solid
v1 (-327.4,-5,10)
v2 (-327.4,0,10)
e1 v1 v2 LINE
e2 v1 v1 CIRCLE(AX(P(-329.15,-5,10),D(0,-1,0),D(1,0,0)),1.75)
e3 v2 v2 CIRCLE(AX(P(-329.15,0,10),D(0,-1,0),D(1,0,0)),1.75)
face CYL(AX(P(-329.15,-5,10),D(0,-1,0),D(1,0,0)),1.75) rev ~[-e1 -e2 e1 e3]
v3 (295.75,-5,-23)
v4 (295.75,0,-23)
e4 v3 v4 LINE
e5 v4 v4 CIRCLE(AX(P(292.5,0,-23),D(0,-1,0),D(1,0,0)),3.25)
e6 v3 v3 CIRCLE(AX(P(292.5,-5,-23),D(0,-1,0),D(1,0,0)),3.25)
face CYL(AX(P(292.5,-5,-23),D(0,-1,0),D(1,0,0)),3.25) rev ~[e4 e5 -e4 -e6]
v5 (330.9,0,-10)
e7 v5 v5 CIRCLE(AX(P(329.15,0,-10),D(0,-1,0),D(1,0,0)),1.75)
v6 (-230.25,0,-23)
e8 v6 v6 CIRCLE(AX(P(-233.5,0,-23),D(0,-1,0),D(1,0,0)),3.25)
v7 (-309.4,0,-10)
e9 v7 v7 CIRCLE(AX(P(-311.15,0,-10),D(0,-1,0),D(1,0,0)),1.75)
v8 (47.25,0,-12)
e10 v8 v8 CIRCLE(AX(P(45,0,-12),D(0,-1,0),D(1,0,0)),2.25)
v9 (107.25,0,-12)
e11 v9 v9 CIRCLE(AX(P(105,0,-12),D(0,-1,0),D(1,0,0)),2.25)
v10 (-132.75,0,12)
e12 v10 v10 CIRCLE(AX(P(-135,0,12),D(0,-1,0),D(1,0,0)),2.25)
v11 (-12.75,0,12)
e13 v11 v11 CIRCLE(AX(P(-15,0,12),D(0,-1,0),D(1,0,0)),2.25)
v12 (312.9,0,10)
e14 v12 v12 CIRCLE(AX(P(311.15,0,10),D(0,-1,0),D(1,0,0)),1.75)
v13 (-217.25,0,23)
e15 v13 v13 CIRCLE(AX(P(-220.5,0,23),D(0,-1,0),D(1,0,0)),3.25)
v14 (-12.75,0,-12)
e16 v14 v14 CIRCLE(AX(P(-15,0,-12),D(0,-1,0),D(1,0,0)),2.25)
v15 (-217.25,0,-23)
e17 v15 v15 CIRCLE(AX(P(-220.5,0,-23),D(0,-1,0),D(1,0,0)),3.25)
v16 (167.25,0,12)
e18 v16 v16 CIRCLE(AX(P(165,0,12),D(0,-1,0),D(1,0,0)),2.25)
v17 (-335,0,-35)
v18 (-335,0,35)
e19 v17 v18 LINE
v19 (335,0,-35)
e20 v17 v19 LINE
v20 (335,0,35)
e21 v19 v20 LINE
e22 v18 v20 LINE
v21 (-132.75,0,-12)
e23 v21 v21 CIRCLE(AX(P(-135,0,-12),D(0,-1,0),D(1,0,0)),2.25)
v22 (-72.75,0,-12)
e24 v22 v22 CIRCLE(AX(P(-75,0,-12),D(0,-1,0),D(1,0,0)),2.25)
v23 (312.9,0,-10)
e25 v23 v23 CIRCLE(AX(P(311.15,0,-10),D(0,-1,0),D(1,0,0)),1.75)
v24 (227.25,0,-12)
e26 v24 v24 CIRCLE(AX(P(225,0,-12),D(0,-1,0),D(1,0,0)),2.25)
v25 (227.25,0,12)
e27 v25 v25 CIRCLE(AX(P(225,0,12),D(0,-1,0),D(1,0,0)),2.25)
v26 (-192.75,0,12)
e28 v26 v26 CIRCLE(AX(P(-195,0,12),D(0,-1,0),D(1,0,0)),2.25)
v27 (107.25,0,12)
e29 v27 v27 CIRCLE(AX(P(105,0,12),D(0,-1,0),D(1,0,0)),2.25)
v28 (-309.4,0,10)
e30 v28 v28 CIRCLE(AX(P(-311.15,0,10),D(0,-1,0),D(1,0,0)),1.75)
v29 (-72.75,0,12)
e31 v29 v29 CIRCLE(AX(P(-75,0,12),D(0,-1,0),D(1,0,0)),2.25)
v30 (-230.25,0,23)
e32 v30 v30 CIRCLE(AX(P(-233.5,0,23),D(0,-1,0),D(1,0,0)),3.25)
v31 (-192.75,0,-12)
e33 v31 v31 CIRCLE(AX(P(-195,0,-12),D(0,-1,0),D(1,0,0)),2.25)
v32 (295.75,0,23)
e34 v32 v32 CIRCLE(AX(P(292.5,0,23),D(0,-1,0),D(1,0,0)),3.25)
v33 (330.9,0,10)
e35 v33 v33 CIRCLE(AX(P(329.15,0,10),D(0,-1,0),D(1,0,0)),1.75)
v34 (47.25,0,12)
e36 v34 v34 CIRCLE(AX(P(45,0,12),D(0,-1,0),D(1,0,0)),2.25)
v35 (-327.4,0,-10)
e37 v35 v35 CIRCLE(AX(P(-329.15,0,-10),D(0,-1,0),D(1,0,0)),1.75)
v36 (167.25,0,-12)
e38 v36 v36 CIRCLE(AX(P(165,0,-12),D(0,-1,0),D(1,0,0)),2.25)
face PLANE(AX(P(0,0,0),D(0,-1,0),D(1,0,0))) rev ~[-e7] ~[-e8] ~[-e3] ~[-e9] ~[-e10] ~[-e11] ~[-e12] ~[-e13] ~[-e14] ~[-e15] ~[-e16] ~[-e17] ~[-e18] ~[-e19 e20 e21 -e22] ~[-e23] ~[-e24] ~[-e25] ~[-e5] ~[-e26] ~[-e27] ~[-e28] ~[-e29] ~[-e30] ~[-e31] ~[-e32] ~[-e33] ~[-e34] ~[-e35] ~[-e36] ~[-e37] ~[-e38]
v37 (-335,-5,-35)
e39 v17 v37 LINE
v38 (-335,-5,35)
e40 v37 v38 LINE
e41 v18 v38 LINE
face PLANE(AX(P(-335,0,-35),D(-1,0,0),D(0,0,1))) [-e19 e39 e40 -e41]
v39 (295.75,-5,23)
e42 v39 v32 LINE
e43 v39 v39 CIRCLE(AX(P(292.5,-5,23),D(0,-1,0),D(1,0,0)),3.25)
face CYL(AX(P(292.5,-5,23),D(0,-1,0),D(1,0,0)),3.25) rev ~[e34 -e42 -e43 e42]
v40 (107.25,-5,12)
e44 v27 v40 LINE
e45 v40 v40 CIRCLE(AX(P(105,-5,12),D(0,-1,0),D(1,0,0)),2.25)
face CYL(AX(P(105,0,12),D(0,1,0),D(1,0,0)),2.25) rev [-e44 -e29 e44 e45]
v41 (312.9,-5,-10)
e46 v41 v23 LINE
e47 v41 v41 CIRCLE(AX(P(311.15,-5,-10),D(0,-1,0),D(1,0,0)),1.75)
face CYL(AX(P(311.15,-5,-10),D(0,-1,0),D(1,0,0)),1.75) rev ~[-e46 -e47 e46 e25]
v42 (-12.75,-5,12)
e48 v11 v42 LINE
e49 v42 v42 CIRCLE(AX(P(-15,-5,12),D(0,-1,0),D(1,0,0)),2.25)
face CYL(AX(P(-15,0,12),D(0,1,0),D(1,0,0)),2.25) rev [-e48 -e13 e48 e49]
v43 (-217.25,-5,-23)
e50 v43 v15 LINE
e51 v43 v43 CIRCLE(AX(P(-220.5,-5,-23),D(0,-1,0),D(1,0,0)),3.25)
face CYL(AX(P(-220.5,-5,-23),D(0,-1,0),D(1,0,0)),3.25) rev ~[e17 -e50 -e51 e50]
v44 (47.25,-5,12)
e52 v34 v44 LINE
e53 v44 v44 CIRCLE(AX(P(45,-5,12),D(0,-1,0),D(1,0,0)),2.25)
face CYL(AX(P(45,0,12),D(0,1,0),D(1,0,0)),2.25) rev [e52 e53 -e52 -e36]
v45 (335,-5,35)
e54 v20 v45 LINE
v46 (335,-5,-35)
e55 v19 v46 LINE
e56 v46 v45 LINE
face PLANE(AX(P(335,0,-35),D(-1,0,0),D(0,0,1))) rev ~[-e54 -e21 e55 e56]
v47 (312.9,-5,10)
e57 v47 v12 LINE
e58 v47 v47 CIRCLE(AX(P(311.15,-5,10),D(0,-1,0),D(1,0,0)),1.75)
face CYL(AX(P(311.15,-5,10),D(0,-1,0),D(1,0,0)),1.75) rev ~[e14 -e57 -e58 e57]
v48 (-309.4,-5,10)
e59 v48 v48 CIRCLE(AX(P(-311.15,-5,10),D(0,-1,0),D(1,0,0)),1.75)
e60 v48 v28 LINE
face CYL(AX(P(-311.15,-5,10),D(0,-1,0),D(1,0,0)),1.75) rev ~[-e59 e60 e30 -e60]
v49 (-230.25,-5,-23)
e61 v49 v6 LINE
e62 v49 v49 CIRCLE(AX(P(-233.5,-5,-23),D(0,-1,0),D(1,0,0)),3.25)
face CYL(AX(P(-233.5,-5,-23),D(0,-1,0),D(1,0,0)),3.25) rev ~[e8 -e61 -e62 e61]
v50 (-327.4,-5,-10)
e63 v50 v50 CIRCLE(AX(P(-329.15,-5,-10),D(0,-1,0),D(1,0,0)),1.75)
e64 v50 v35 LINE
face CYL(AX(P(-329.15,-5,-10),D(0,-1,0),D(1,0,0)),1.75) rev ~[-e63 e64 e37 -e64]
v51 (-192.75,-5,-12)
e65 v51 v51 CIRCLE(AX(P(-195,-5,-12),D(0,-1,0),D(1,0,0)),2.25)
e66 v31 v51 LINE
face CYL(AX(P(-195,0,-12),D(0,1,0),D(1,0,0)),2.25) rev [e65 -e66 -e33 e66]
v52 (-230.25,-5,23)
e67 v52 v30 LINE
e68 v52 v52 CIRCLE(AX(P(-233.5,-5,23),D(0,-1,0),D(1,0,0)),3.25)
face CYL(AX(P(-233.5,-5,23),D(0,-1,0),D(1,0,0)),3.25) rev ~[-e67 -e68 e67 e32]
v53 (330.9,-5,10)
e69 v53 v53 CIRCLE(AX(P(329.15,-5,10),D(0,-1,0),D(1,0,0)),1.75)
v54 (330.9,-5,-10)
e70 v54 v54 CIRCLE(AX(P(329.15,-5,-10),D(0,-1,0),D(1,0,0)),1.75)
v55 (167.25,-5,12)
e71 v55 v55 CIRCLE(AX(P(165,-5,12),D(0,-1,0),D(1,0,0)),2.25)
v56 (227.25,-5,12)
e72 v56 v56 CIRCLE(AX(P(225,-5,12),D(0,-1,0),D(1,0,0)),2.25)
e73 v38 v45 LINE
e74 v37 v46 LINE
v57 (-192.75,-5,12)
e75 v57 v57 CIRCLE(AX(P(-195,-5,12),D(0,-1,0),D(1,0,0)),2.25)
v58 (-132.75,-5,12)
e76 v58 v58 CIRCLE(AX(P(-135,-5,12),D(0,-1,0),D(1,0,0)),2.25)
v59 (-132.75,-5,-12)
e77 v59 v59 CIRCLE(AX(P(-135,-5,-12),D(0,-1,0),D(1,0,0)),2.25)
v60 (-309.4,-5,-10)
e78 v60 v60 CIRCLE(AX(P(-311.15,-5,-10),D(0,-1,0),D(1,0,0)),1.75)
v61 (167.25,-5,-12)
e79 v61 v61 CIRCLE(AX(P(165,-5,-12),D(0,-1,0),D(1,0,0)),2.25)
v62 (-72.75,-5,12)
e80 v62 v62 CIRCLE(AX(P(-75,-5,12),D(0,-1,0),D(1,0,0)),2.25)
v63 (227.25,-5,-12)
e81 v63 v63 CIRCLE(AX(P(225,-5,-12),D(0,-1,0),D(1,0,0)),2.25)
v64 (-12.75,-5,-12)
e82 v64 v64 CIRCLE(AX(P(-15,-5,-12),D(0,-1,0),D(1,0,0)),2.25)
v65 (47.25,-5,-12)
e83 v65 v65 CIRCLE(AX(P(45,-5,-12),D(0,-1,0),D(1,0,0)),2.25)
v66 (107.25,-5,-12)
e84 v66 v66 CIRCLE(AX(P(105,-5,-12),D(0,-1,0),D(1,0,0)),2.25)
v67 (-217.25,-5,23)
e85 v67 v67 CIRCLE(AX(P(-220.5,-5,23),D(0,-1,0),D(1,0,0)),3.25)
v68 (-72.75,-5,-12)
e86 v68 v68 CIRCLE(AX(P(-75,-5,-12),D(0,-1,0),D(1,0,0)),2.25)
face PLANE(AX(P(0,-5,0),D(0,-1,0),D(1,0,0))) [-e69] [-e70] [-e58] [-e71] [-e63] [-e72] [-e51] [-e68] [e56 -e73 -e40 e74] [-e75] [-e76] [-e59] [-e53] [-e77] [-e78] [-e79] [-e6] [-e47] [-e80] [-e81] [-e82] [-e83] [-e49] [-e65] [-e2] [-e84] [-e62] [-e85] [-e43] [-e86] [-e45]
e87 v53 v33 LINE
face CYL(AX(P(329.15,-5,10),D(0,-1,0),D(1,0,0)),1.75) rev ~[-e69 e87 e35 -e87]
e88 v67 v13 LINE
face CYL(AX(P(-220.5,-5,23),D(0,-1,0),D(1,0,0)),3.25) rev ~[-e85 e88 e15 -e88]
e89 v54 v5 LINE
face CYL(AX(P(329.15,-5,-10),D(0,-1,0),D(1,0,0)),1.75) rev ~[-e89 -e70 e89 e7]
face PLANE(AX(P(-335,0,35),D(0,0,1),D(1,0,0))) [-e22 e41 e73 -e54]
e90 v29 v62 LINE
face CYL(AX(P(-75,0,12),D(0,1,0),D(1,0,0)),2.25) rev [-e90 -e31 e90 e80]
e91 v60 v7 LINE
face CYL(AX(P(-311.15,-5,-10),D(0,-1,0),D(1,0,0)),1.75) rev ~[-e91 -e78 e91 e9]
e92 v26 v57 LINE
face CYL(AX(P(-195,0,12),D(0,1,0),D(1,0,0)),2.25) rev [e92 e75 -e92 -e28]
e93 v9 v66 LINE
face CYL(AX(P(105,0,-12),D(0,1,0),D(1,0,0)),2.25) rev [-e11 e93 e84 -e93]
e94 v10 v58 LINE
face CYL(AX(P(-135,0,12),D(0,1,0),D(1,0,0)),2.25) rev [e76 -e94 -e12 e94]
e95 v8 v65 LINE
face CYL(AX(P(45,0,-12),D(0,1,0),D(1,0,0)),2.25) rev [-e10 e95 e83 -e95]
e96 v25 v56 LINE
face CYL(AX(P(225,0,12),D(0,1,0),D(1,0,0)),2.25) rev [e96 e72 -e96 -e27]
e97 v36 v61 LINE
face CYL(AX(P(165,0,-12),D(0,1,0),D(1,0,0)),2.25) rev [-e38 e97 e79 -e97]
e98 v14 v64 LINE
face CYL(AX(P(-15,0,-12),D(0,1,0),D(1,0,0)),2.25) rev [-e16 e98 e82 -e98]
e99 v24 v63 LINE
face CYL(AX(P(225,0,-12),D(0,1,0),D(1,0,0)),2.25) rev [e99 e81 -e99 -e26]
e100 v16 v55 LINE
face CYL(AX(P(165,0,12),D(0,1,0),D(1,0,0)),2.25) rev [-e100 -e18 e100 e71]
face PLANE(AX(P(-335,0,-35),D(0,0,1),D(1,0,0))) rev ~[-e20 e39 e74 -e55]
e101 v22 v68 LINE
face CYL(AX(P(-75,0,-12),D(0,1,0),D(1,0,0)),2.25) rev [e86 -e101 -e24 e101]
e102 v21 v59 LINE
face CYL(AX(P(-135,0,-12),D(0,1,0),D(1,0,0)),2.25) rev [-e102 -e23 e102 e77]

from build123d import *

# Parameters (mm, degrees)
F0_W     = 670
F0_H     = 70
F1_DEPTH = 5
F2_R     = 1.75
F3_DEPTH = 5
F4_R     = 3.25
F5_DEPTH = 5
F6_R     = 2.25
F7_DEPTH = 5


with BuildPart() as f1:
    # F0 (on Front) → F1 (new body)
    with BuildSketch(Plane.XZ):
        Rectangle(F0_W, F0_H)
    extrude(amount=F1_DEPTH)

    # F2 (on face) → F3 (cut, through all)
    with BuildSketch(Plane.XZ.offset(5)):
        with Locations((-329.15, 10)):
            Circle(F2_R)
        with Locations((-311.15, 10)):
            Circle(F2_R)
        with Locations((-329.15, -10)):
            Circle(F2_R)
        with Locations((-311.15, -10)):
            Circle(F2_R)
        with Locations((329.15, 10)):
            Circle(F2_R)
        with Locations((311.15, 10)):
            Circle(F2_R)
        with Locations((311.15, -10)):
            Circle(F2_R)
        with Locations((329.15, -10)):
            Circle(F2_R)
    extrude(amount=-F3_DEPTH, mode=Mode.SUBTRACT)

    # F4 (on face) → F5 (cut, through all)
    with BuildSketch(Plane.XZ.offset(5)):
        with Locations((292.5, 23)):
            Circle(F4_R)
        with Locations((292.5, -23)):
            Circle(F4_R)
        with Locations((-233.5, 23)):
            Circle(F4_R)
        with Locations((-220.5, 23)):
            Circle(F4_R)
        with Locations((-220.5, -23)):
            Circle(F4_R)
        with Locations((-233.5, -23)):
            Circle(F4_R)
    extrude(amount=-F5_DEPTH, mode=Mode.SUBTRACT)

    # F6 (on Front) → F7 (cut, through all)
    with BuildSketch(Plane.XZ):
        with Locations((-15, 12)):
            Circle(F6_R)
        with Locations((-75, 12)):
            Circle(F6_R)
        with Locations((-135, 12)):
            Circle(F6_R)
        with Locations((-195, 12)):
            Circle(F6_R)
        with Locations((225, 12)):
            Circle(F6_R)
        with Locations((165, 12)):
            Circle(F6_R)
        with Locations((105, 12)):
            Circle(F6_R)
        with Locations((45, 12)):
            Circle(F6_R)
        with Locations((-195, -12)):
            Circle(F6_R)
        with Locations((-135, -12)):
            Circle(F6_R)
        with Locations((-75, -12)):
            Circle(F6_R)
        with Locations((-15, -12)):
            Circle(F6_R)
        with Locations((45, -12)):
            Circle(F6_R)
        with Locations((105, -12)):
            Circle(F6_R)
        with Locations((165, -12)):
            Circle(F6_R)
        with Locations((225, -12)):
            Circle(F6_R)
    extrude(amount=F7_DEPTH, mode=Mode.SUBTRACT)


solid = f1.part
